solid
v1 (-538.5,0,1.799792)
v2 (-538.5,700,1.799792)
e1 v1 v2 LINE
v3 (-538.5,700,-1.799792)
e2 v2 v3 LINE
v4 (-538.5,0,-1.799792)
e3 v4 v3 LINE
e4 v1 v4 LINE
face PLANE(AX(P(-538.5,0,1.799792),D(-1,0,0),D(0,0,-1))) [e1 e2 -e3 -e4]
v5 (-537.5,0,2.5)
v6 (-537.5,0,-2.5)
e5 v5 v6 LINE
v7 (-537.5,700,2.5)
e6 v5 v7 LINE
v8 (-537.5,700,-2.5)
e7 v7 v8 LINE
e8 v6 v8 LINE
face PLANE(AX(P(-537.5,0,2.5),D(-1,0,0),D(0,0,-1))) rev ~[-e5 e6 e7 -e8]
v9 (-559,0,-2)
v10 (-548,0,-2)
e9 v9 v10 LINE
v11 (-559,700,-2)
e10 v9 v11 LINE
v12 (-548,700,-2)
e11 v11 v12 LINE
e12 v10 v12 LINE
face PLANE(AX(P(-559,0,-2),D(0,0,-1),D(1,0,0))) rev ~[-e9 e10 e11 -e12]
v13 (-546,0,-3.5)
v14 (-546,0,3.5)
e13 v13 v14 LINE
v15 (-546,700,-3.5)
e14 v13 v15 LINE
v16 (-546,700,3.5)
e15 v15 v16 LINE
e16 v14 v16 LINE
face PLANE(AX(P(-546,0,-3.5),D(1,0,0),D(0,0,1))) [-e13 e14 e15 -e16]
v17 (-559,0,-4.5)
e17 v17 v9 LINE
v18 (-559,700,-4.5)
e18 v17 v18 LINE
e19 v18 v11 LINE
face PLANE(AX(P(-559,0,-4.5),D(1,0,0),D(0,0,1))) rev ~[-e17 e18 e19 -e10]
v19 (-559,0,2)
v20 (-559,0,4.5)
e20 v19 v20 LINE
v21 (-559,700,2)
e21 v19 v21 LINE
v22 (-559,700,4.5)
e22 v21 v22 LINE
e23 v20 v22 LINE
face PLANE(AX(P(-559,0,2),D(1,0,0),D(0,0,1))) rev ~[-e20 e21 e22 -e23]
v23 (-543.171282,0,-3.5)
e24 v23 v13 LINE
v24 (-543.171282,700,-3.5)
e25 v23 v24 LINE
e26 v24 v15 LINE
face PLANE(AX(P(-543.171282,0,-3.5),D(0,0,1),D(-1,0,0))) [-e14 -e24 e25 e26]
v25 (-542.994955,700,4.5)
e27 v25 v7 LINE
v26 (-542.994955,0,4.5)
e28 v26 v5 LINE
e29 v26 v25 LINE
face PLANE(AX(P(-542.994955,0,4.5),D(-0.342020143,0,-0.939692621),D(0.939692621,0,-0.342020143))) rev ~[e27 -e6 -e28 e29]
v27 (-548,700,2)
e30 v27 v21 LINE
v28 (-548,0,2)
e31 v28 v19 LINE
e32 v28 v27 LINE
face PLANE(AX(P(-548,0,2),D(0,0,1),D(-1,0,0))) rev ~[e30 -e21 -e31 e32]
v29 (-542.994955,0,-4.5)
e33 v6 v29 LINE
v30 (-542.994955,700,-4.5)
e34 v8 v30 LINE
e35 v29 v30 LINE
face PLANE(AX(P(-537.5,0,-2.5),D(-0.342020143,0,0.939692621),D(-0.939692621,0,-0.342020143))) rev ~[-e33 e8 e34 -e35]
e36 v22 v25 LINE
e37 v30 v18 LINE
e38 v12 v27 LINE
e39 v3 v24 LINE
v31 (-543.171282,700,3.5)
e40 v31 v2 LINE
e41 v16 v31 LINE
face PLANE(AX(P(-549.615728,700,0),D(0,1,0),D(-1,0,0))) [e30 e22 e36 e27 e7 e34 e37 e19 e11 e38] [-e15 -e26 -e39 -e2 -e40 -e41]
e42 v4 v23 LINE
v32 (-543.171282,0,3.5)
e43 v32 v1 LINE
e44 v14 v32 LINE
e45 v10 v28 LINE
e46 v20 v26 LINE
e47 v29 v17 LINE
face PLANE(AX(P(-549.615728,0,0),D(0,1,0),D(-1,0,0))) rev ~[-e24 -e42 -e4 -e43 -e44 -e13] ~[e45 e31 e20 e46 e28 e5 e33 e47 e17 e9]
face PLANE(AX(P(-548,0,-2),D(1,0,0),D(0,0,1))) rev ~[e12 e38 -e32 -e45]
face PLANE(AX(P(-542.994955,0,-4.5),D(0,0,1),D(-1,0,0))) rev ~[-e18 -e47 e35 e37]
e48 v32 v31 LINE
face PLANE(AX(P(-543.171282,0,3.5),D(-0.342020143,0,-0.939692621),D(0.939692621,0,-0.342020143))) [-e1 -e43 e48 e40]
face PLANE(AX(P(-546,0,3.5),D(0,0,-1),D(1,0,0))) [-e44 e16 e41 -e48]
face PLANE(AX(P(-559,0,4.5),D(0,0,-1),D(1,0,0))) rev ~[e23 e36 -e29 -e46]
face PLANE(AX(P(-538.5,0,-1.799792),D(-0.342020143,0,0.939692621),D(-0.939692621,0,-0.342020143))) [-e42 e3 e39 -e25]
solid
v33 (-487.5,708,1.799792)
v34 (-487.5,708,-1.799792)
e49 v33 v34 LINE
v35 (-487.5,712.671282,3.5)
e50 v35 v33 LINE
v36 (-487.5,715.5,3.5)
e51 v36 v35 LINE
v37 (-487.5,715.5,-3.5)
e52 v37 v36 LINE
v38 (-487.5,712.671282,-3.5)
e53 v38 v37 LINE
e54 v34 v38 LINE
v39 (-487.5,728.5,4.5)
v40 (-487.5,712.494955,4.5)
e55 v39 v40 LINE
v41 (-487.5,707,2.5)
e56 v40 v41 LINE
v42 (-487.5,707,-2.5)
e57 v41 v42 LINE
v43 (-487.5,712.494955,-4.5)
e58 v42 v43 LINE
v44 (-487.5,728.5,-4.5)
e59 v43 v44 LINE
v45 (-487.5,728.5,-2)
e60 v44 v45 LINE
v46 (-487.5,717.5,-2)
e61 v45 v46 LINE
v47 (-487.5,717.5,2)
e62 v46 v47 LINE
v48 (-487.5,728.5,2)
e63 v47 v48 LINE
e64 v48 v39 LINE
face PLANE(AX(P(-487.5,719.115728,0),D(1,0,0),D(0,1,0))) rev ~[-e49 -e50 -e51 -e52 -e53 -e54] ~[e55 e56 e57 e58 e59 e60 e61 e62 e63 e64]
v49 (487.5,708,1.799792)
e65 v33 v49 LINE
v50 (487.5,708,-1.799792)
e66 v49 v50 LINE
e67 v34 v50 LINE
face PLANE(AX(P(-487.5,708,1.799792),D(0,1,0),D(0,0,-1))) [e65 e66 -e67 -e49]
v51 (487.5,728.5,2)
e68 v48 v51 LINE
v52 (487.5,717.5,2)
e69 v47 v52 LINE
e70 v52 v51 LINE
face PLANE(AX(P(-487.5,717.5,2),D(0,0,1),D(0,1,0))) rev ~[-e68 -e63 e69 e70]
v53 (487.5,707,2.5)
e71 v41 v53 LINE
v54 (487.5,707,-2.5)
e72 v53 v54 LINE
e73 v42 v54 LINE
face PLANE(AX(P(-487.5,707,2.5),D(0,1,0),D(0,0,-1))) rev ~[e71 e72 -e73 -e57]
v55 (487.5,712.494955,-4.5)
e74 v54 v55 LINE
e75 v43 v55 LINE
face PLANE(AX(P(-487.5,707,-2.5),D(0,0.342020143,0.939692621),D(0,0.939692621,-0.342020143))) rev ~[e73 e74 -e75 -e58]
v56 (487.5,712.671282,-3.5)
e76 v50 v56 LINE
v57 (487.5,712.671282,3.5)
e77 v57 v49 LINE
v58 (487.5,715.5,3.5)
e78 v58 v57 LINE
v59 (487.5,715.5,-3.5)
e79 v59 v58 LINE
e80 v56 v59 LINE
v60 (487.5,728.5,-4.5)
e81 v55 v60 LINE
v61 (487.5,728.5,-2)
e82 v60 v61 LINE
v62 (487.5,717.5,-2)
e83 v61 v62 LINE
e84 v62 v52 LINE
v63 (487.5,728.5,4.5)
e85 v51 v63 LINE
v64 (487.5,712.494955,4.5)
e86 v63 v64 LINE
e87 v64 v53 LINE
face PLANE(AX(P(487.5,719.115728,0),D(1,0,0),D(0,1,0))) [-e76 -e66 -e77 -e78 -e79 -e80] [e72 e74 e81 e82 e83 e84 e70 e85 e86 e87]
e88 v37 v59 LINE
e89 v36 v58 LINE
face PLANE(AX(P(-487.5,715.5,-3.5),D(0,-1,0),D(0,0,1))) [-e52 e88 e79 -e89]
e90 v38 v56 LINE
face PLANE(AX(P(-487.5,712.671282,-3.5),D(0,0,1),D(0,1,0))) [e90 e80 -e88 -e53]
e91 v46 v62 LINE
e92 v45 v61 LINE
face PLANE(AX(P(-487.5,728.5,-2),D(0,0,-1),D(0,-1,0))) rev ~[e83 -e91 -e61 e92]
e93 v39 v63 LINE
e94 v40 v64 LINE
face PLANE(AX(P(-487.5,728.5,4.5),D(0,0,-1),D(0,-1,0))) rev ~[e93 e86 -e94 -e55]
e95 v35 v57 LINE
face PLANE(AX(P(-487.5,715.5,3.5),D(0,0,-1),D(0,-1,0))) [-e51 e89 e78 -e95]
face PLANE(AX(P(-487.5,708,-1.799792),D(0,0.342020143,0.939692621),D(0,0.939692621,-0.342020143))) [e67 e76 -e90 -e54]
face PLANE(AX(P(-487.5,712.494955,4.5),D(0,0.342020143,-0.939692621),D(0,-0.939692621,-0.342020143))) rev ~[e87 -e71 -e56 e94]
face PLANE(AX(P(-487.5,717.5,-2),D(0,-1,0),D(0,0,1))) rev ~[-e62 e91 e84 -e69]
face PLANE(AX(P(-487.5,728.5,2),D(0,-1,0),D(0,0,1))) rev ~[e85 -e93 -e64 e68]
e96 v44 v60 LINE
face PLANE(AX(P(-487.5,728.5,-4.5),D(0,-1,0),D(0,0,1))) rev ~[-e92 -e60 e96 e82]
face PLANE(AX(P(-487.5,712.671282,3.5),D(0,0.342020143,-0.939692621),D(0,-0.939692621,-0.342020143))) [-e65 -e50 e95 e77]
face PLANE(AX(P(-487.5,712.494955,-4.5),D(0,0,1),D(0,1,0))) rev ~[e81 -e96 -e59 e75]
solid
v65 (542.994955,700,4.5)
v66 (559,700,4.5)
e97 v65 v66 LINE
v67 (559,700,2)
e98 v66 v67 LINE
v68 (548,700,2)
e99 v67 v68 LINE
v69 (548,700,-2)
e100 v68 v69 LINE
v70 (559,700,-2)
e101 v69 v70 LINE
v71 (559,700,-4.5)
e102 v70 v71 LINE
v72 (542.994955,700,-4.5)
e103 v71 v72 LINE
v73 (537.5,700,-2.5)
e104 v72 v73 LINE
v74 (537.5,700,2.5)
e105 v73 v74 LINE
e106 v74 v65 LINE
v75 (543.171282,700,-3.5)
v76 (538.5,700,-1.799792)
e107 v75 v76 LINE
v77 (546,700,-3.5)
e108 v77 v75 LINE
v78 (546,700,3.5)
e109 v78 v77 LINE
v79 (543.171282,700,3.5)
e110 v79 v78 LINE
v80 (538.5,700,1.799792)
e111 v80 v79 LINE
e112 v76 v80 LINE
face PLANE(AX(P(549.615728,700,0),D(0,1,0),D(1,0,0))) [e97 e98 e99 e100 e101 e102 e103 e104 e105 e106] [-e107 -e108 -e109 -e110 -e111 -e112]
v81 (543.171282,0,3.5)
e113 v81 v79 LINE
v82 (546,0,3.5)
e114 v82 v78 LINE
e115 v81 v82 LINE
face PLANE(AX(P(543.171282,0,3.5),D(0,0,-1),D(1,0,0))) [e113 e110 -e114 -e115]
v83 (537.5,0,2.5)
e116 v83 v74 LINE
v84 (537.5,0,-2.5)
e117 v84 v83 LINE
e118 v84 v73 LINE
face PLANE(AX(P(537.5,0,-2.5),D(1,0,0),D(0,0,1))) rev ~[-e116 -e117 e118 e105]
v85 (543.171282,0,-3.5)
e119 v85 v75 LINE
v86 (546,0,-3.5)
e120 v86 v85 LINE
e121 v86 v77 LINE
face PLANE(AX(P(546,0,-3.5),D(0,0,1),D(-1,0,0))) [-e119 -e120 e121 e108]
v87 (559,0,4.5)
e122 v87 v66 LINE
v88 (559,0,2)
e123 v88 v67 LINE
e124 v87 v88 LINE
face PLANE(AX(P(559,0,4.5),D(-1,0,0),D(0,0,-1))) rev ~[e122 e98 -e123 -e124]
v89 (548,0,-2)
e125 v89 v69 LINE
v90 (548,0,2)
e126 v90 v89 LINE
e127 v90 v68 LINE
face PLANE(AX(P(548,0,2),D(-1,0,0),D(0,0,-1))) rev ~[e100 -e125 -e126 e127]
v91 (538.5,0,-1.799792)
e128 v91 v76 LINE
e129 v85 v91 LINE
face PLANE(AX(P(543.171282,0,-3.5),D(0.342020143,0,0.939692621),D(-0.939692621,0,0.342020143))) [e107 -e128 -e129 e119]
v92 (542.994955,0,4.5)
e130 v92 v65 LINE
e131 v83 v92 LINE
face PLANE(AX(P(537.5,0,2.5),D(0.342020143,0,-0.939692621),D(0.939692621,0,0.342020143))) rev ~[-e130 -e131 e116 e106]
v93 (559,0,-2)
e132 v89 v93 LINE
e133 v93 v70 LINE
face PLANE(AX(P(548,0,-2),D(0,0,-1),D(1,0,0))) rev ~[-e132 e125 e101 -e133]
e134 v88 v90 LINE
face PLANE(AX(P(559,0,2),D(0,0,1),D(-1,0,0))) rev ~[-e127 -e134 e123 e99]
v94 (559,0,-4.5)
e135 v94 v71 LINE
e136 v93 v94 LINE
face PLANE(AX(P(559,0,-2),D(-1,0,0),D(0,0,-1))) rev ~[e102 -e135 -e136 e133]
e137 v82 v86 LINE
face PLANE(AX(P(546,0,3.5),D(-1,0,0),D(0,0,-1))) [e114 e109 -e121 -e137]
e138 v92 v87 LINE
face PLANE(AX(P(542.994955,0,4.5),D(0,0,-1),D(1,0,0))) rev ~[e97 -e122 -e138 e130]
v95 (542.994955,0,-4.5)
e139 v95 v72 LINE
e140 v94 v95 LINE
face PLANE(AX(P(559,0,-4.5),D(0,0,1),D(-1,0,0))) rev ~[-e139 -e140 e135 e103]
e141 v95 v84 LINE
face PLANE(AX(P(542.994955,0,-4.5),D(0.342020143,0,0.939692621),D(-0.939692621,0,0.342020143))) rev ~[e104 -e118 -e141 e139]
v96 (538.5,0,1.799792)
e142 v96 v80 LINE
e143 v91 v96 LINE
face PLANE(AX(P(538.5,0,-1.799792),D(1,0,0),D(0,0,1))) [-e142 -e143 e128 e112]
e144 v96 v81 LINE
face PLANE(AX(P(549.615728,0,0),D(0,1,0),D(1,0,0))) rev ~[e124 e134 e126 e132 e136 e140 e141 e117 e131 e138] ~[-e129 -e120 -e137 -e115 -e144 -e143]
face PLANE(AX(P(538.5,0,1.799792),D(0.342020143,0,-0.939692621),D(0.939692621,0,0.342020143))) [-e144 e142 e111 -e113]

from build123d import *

# Parameters (mm, degrees)
JOINT_99168010_JOINT_DE_CARROSSERIE_1_DEPTH   = 700
JOINT_99168010_JOINT_DE_CARROSSERIE_1_2_DEPTH = 975
JOINT_99168010_JOINT_DE_CARROSSERIE_1_3_DEPTH = 700


with BuildPart() as part:
    # Sketch1 → Joint 99168010 JOINT DE CARROSSERIE(1) (new body)
    with BuildSketch(Plane(origin=(-548, 0, 0), x_dir=(-1, 0, 0), z_dir=(0, 1, 0))):
        Polygon((11, 4.5), (-5.005045161, 4.5), (-10.5, 2.5), (-10.5, -2.5), (-5.005045161, -4.5), (11, -4.5), (11, -2), (0, -2), (0, 2), (11, 2), align=None)
        Polygon((-4.82871818, 3.5), (-9.5, 1.799792462), (-9.5, -1.799792462), (-4.82871818, -3.5), (-2, -3.5), (-2, 3.5), align=None, mode=Mode.SUBTRACT)
    extrude(amount=JOINT_99168010_JOINT_DE_CARROSSERIE_1_DEPTH)


with BuildPart() as body_2:
    # Sketch1 on segment 2 (carried to segment 2) → Joint 99168010 JOINT DE CARROSSERIE_1 2 (new body)
    with BuildSketch(Plane(origin=(-487.5, 717.5, 0), x_dir=(0, 1, 0), z_dir=(1, 0, 0))):
        Polygon((11, 4.5), (-5.005045161, 4.5), (-10.5, 2.5), (-10.5, -2.5), (-5.005045161, -4.5), (11, -4.5), (11, -2), (0, -2), (0, 2), (11, 2), align=None)
        Polygon((-4.82871818, 3.5), (-9.5, 1.799792462), (-9.5, -1.799792462), (-4.82871818, -3.5), (-2, -3.5), (-2, 3.5), align=None, mode=Mode.SUBTRACT)
    extrude(amount=JOINT_99168010_JOINT_DE_CARROSSERIE_1_2_DEPTH)


with BuildPart() as body_3:
    # Sketch1 on segment 3 (carried to segment 3) → Joint 99168010 JOINT DE CARROSSERIE_1 3 (new body)
    with BuildSketch(Plane(origin=(548, 0, 0), x_dir=(1, 0, 0), z_dir=(0, 1, 0))):
        Polygon((11, 4.5), (-5.005045161, 4.5), (-10.5, 2.5), (-10.5, -2.5), (-5.005045161, -4.5), (11, -4.5), (11, -2), (0, -2), (0, 2), (11, 2), align=None)
        Polygon((-4.82871818, 3.5), (-9.5, 1.799792462), (-9.5, -1.799792462), (-4.82871818, -3.5), (-2, -3.5), (-2, 3.5), align=None, mode=Mode.SUBTRACT)
    extrude(amount=JOINT_99168010_JOINT_DE_CARROSSERIE_1_3_DEPTH)


solid = Compound([part.part, body_2.part, body_3.part])
